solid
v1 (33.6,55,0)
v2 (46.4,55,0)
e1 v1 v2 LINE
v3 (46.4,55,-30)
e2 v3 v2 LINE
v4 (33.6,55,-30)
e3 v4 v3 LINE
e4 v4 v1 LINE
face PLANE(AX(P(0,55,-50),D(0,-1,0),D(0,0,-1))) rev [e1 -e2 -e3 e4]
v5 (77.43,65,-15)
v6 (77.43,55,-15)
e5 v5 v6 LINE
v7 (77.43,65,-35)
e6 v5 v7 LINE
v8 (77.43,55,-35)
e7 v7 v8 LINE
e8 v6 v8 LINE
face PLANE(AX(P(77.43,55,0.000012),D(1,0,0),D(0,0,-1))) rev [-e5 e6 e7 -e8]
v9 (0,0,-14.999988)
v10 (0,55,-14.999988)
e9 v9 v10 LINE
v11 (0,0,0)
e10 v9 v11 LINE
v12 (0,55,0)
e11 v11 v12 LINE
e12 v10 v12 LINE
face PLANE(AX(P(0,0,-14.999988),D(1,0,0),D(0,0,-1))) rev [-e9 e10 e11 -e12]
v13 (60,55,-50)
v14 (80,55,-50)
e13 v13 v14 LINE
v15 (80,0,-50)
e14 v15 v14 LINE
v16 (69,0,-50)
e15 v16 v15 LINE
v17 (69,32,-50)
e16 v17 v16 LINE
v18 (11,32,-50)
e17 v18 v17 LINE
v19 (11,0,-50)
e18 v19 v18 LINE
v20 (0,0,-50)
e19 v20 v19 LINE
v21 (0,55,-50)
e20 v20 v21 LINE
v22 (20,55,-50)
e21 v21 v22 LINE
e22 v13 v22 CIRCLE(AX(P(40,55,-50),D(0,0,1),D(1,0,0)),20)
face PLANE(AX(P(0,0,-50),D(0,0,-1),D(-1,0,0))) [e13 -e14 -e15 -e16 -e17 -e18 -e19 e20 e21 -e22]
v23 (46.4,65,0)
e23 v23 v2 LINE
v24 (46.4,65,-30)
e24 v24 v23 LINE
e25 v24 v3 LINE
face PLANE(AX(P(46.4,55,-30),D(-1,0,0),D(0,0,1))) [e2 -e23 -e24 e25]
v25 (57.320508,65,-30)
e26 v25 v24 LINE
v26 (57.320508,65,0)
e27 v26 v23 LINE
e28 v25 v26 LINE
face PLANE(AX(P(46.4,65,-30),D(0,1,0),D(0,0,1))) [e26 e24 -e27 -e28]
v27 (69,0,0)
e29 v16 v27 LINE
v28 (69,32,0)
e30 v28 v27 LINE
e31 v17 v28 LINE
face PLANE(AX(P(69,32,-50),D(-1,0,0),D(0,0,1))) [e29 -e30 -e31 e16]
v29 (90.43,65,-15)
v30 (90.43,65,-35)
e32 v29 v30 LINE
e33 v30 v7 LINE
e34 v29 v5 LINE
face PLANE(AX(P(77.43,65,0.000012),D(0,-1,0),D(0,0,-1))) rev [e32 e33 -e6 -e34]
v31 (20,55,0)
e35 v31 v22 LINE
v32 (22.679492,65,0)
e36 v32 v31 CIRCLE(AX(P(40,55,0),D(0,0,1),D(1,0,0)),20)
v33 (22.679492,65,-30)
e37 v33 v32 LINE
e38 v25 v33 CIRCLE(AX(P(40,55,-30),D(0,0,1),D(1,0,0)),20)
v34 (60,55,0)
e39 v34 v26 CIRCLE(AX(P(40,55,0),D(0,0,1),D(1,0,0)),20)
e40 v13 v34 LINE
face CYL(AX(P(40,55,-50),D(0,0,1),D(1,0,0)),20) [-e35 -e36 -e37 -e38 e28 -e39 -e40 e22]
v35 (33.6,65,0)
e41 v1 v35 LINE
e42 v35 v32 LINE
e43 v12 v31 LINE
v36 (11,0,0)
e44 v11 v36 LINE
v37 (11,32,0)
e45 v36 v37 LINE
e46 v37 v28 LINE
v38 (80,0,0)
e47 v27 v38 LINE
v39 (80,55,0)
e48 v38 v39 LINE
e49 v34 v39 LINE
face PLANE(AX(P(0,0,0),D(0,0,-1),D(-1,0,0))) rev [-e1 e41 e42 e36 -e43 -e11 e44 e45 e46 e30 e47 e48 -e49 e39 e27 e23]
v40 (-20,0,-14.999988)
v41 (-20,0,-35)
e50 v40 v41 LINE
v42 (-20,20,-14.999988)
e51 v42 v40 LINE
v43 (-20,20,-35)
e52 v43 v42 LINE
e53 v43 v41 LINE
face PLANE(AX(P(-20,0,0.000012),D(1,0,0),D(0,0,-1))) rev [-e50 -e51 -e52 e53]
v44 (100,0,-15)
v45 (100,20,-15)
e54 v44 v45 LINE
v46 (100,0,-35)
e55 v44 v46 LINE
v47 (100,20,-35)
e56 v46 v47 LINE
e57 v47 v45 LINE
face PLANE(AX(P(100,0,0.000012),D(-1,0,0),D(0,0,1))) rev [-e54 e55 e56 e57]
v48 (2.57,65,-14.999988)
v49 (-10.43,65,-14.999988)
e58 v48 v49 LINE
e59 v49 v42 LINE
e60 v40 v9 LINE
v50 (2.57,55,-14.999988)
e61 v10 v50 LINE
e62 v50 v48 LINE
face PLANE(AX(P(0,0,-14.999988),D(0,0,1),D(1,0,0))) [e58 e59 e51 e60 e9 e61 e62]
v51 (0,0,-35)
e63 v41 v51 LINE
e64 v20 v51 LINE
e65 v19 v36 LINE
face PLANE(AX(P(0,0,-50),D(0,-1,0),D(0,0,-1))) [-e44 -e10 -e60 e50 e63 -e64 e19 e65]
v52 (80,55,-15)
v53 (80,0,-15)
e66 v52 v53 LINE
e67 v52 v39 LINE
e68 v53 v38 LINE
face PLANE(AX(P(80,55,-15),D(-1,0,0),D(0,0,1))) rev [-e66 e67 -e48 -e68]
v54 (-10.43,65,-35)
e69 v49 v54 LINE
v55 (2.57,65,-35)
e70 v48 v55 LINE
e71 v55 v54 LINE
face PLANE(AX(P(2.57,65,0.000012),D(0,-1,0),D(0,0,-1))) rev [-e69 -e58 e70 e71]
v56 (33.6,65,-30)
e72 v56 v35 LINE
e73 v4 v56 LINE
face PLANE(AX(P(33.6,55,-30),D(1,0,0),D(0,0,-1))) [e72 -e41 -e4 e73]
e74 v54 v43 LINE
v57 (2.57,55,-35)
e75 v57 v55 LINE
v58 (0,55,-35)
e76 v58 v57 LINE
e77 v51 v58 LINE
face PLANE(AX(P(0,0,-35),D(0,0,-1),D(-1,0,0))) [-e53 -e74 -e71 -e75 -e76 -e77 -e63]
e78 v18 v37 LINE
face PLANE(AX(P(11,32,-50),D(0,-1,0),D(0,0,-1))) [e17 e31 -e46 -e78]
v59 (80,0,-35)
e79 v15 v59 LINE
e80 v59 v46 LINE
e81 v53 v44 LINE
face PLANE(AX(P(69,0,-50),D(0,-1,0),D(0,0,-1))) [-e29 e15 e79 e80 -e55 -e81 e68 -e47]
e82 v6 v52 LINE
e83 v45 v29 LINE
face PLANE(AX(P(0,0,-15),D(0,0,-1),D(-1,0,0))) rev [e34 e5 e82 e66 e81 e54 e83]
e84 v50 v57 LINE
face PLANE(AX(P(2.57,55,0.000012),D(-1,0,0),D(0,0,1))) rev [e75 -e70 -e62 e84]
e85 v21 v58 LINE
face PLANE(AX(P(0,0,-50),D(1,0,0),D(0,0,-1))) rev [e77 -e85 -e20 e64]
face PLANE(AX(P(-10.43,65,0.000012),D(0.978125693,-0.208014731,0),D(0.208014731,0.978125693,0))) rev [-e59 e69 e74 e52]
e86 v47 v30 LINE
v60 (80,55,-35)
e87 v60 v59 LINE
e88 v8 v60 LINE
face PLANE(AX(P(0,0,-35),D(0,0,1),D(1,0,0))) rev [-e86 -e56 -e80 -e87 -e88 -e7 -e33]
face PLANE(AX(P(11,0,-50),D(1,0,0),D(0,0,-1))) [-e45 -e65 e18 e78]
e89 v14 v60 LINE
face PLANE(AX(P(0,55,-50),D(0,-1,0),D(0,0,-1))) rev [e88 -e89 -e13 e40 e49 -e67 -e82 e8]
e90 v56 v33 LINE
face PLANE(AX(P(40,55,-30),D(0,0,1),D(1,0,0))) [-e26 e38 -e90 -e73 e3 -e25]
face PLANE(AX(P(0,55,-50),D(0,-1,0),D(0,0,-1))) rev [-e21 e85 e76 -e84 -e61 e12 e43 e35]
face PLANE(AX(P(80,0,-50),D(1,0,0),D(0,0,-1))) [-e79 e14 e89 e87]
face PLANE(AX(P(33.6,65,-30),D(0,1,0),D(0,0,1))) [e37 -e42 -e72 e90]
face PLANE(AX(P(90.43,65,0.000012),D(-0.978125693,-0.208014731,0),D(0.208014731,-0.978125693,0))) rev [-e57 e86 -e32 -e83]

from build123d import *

# Parameters (mm, degrees)
BOSS_EXTRUDE1_DEPTH = 50
BOSS_EXTRUDE2_START = -35
BOSS_EXTRUDE2_DEPTH = 35.000012
CUT_EXTRUDE1_DEPTH  = 15
CUT_EXTRUDE2_DEPTH  = 15
SKETCH6_R           = 20
BOSS_EXTRUDE3_DEPTH = 50
CUT_EXTRUDE4_DEPTH  = 30
BOSS_EXTRUDE4_DEPTH = 30


with BuildPart() as part:
    # Sketch1 → Boss-Extrude1 (new body)
    with BuildSketch(Plane.XY):
        Polygon((0, 0), (11, 0), (11, 32), (69, 32), (69, 0), (80, 0), (80, 55), (0, 55), align=None)
    extrude(amount=-BOSS_EXTRUDE1_DEPTH)

    # Sketch2 → Boss-Extrude2 (add)
    with BuildSketch(Plane.XY.offset(BOSS_EXTRUDE2_START)):
        Polygon((0, 0), (-20, 0), (-20, 20), (-10.43, 65), (2.57, 65), (2.57, 55), (0, 55), align=None)
        Polygon((80, 0), (100, 0), (100, 20), (90.43, 65), (77.43, 65), (77.43, 55), (80, 55), align=None)
    extrude(amount=BOSS_EXTRUDE2_DEPTH)

    # Sketch3 → Cut-Extrude1 (cut)
    with BuildSketch(Plane.XY.offset(1.2e-05)):
        Polygon((0, 0), (0, 55), (2.57, 55), (2.57, 65), (-10.43, 65), (-20, 20), (-20, 0), align=None)
    extrude(amount=-CUT_EXTRUDE1_DEPTH, mode=Mode.SUBTRACT)

    # Sketch4 → Cut-Extrude2 (cut)
    with BuildSketch(Plane.XY):
        Polygon((80, 55), (80, 0), (100, 0), (100, 20), (90.43, 65), (77.43, 65), (77.43, 55), align=None)
    extrude(amount=-CUT_EXTRUDE2_DEPTH, mode=Mode.SUBTRACT)


with BuildPart() as cut_extrude2_kept_piece:
    # of the separate pieces the step leaves, the one the design keeps (cut_extrude2_pieces_kept)
    add(part.part.solids().sort_by_distance((0, 0, -35))[0])

    # Sketch6 → Boss-Extrude3 (add)
    with BuildSketch(Plane.XY):
        with Locations((40, 55)):
            Circle(SKETCH6_R)
    extrude(amount=-BOSS_EXTRUDE3_DEPTH)

    # Sketch8 → Cut-Extrude4 (cut)
    with BuildSketch(Plane.XY):
        with BuildLine():
            Line((20, 55), (60, 55))
            ThreePointArc((60, 55), (40, 75), (20, 55))
        make_face()
    extrude(amount=-CUT_EXTRUDE4_DEPTH, mode=Mode.SUBTRACT)

    # Sketch9 → Boss-Extrude4 (add)
    with BuildSketch(Plane.XY):
        with BuildLine():
            Line((20, 55), (33.6, 55))
            Line((33.6, 55), (33.6, 65))
            Line((33.6, 65), (22.679491924, 65))
            ThreePointArc((22.679491924, 65), (20.681483474, 60.176380902), (20, 55))
        make_face()
        with BuildLine():
            Line((60, 55), (46.4, 55))
            Line((46.4, 55), (46.4, 65))
            Line((46.4, 65), (57.320508076, 65))
            ThreePointArc((57.320508076, 65), (59.318516526, 60.176380902), (60, 55))
        make_face()
    extrude(amount=-BOSS_EXTRUDE4_DEPTH)


solid = cut_extrude2_kept_piece.part
